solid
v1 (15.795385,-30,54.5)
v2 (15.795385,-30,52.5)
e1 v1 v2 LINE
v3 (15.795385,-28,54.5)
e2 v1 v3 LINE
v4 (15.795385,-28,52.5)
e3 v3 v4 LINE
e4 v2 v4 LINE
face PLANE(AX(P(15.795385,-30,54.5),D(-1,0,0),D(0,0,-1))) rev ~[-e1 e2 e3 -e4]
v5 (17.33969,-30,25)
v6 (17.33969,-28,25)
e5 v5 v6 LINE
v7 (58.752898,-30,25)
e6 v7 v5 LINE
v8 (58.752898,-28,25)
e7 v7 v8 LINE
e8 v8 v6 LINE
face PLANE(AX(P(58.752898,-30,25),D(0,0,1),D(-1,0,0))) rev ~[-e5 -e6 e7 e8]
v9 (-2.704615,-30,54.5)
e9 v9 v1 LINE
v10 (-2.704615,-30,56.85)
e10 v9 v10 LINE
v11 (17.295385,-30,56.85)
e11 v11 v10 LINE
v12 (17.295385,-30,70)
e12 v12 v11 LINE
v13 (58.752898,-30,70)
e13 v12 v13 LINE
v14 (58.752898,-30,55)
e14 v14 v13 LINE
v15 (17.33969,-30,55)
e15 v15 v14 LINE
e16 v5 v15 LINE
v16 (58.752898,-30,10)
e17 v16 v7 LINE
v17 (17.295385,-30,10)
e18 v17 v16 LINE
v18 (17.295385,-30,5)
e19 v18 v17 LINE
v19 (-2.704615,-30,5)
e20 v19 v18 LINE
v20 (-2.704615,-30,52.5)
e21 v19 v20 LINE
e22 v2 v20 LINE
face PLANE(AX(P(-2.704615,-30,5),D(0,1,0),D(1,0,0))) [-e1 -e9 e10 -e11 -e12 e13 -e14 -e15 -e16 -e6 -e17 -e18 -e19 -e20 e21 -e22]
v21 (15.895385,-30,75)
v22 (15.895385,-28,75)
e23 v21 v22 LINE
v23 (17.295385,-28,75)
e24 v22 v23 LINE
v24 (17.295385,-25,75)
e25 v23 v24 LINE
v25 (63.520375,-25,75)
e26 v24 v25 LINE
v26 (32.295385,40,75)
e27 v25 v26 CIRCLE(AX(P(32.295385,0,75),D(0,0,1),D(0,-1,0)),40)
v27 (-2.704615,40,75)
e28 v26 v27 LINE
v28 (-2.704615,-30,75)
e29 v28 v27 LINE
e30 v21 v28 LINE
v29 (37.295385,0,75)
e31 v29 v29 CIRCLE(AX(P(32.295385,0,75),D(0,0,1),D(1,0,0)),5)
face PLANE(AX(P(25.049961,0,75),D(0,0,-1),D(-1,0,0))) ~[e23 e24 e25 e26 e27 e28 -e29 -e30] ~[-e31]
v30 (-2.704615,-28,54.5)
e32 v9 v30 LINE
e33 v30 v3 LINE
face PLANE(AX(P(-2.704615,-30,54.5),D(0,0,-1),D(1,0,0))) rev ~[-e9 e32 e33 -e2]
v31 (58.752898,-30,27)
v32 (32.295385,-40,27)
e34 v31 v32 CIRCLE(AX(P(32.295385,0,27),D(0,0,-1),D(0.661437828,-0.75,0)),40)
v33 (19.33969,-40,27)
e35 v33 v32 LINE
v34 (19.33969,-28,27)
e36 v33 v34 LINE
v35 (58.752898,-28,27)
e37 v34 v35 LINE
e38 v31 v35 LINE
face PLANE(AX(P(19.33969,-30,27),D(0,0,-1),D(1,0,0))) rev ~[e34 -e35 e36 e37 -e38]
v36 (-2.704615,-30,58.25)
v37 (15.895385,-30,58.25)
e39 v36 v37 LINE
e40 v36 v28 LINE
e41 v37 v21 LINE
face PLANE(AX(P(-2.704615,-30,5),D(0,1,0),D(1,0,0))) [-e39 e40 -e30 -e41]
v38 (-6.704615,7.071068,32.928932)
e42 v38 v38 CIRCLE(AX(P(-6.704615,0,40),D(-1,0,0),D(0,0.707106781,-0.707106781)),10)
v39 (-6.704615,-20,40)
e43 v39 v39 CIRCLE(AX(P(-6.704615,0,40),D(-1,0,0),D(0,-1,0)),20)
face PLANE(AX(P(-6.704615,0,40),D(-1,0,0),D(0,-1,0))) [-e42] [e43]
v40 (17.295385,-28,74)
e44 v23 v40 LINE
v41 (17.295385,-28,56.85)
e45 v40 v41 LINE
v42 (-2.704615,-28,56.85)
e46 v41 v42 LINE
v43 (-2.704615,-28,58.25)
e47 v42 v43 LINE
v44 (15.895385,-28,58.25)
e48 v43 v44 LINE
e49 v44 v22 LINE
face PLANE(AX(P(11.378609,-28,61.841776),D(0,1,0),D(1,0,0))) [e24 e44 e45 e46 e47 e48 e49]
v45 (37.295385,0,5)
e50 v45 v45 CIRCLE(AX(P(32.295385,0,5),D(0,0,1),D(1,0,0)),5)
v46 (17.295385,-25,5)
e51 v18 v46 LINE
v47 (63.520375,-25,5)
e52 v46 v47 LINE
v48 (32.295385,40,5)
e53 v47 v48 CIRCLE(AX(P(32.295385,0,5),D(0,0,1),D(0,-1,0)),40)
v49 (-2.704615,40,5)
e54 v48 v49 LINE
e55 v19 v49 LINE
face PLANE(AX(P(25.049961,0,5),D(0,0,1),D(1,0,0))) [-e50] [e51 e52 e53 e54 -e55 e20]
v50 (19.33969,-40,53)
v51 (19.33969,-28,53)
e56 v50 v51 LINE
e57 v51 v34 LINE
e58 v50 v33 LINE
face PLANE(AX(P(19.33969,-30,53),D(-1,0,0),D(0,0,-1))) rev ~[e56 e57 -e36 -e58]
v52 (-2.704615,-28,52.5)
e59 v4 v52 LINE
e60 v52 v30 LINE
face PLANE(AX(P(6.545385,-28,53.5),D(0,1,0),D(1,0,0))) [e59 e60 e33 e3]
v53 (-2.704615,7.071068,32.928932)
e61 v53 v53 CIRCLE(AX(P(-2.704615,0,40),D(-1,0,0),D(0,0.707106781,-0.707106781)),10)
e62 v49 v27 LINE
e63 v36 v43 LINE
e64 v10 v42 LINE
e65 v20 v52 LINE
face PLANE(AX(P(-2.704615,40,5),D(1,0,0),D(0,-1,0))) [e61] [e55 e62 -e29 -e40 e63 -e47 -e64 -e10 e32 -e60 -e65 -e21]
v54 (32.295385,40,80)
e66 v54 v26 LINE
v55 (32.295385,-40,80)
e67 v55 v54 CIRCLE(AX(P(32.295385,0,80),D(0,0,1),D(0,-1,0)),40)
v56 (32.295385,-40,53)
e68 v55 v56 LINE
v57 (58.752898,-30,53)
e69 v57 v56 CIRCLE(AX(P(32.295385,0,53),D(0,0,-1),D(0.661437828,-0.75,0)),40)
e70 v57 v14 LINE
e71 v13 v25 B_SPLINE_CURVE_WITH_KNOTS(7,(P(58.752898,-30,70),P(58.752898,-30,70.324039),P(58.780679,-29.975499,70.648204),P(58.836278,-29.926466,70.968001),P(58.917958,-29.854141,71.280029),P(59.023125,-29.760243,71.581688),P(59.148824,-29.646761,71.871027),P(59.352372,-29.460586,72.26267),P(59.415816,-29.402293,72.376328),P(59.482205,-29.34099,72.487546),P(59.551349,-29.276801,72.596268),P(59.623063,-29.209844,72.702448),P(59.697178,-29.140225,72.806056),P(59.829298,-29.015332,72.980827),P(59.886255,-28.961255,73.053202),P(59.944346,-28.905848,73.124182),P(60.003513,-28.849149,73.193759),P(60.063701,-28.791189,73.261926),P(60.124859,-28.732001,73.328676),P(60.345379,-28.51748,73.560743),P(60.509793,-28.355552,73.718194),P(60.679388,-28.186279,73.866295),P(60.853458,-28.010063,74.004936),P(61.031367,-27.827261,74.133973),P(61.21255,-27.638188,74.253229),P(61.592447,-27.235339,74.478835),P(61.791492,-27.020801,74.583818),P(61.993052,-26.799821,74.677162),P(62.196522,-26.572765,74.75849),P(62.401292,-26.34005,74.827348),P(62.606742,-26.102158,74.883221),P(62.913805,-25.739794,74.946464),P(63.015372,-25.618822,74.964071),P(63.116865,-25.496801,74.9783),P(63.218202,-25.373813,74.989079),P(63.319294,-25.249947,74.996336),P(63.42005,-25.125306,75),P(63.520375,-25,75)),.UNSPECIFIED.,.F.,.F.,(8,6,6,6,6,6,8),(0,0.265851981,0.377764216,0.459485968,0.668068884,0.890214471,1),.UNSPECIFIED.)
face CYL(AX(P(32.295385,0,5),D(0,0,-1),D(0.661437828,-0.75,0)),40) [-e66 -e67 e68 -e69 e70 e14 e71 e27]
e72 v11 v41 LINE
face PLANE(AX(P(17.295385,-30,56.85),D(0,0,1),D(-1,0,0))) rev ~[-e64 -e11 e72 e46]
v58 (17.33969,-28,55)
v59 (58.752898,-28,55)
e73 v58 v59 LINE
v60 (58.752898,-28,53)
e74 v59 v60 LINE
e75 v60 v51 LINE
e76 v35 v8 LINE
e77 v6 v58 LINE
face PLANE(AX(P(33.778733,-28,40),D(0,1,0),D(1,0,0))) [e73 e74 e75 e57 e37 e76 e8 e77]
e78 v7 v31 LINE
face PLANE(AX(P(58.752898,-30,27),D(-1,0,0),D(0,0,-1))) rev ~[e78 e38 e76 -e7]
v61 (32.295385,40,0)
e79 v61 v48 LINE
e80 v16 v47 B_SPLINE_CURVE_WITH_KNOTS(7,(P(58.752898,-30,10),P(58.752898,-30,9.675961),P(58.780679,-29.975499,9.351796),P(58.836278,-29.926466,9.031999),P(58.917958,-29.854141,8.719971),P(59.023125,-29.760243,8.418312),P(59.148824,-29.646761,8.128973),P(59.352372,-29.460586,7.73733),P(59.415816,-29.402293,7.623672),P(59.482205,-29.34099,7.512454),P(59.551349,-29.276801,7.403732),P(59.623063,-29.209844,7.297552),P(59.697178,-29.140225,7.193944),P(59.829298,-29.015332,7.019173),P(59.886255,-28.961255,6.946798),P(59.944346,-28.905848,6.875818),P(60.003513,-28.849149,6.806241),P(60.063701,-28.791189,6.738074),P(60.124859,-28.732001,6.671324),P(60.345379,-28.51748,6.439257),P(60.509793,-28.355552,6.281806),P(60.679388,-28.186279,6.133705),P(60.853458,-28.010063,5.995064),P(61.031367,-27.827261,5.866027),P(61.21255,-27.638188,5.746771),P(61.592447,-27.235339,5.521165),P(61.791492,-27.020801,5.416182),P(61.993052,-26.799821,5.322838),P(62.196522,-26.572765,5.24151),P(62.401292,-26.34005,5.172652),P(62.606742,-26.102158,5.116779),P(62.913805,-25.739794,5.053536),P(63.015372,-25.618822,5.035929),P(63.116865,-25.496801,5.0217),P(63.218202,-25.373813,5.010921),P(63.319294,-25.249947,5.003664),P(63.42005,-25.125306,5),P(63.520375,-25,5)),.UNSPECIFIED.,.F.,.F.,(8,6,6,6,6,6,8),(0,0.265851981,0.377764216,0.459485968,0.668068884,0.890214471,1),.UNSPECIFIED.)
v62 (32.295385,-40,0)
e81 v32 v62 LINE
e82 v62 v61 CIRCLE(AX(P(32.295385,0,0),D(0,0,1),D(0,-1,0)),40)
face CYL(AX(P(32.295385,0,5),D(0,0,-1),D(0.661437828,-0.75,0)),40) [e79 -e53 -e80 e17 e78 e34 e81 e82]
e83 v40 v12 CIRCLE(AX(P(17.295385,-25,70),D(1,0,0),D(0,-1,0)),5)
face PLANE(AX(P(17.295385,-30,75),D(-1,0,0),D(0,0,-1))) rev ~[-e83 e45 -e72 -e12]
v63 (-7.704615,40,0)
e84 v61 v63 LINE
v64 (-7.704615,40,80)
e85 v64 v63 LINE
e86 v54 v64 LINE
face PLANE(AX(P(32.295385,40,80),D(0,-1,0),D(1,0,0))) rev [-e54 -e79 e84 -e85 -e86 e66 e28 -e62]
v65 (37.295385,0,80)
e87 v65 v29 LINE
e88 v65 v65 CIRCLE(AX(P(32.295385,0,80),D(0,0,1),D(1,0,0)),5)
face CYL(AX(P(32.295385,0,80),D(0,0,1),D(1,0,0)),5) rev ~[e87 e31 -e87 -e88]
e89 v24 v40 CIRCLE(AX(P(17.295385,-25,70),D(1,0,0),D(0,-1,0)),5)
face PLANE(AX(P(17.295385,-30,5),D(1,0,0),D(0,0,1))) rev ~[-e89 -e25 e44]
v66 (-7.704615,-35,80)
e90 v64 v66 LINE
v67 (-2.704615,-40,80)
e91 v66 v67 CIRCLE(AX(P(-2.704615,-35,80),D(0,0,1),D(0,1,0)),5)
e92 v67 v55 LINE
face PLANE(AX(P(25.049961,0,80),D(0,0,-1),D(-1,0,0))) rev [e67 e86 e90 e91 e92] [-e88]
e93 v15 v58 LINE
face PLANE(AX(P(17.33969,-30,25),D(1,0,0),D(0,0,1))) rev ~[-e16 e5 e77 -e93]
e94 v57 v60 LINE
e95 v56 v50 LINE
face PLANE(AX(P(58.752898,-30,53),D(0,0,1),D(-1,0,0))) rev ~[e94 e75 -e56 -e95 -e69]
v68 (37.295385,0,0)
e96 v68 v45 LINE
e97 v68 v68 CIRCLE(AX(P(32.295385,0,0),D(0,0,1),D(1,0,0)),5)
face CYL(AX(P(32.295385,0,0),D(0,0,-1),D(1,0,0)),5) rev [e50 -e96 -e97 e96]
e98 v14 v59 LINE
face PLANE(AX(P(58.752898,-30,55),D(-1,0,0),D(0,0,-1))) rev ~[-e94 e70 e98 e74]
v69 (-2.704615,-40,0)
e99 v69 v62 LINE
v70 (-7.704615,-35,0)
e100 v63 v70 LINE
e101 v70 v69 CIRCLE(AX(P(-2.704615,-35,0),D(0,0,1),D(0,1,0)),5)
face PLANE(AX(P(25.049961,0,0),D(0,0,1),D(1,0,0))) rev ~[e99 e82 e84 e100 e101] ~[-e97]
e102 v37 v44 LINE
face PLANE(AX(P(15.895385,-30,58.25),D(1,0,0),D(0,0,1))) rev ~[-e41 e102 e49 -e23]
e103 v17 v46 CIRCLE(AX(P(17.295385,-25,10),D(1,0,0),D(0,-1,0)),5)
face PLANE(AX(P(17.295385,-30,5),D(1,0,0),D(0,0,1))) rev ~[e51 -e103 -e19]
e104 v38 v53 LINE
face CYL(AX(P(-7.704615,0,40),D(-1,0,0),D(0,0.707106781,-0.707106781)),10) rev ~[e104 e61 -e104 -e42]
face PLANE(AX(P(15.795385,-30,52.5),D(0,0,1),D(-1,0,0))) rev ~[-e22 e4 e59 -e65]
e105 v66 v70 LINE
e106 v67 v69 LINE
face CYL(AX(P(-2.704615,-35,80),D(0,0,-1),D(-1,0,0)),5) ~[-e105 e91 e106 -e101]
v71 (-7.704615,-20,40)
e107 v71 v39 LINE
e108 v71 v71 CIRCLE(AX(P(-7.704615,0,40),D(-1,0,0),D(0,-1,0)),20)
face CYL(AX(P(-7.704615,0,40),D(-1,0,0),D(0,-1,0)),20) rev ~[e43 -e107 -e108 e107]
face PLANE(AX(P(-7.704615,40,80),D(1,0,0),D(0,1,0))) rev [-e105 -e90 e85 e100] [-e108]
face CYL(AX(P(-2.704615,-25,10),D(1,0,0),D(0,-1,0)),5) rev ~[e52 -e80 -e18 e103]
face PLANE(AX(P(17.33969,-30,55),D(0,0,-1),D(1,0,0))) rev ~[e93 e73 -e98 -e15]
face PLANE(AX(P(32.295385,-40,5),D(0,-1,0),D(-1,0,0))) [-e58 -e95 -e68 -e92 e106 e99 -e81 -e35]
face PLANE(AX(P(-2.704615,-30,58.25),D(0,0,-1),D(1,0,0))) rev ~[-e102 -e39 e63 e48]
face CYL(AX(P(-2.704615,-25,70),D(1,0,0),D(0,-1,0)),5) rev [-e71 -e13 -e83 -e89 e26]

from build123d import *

# Parameters (mm, degrees)
SKETCH1_R           = 4.9999999999999964
BOSS_EXTRUDE1_DEPTH = 5
BOSS_EXTRUDE2_DEPTH = 70
BOSS_EXTRUDE3_DEPTH = 70
CUT_EXTRUDE1_DEPTH  = 5
SKETCH6_R           = 20.000000000000004
CUT_EXTRUDE2_DEPTH  = 1
CUT_EXTRUDE3_DEPTH  = 19.000000000000004
BOSS_EXTRUDE4_DEPTH = 1.9999999999999896
FILLET1_R           = 5
CUT_EXTRUDE4_DEPTH  = 27.00000000000001
BOSS_EXTRUDE5_DEPTH = 2
BOSS_EXTRUDE6_DEPTH = 2


with BuildPart() as part:
    # Sketch1 → Boss-Extrude1 (new body)
    with BuildSketch(Plane.XY):
        with BuildLine():
            Line((-7.704615384615421, -40.00000000000001), (32.295384615384584, -40.00000000000001))
            ThreePointArc((32.295384615384584, -40.00000000000001), (72.29538461538459, 0), (32.29538461538458, 39.99999999999999))
            Line((32.29538461538458, 39.99999999999999), (-7.7046153846154315, 39.99999999999999))
            Line((-7.7046153846154315, 39.99999999999999), (-7.704615384615421, -40.00000000000001))
        make_face()
        with Locations((32.295384615384584, 0)):
            Circle(SKETCH1_R, mode=Mode.SUBTRACT)
    boss_extrude1 = extrude(amount=BOSS_EXTRUDE1_DEPTH)

    # Sketch2 → Boss-Extrude2 (add)
    with BuildSketch(Plane.XY.offset(5)):
        Polygon((-7.7046153846154315, 39.99999999999999), (-2.70461538461543, 39.99999999999999), (-2.7046153846154235, -40.00000000000001), (-7.704615384615421, -40.00000000000001), align=None)
    extrude(amount=BOSS_EXTRUDE2_DEPTH)

    # Mirror1: Boss-Extrude1 across plane
    add(boss_extrude1.mirror(Plane.XY.offset(40)))

    # Sketch4 → Boss-Extrude3 (add)
    with BuildSketch(Plane.XY.offset(5)):
        with BuildLine():
            Line((-2.7046153846154266, -40.00000000000001), (-2.7046153846154266, -30.000000000000007))
            Line((-2.7046153846154266, -30.000000000000007), (43.497251593214216, -30.000000000000007))
            Line((43.497251593214216, -30.000000000000007), (58.7528977260305, -30.000000000000007))
            ThreePointArc((58.7528977260305, -30.000000000000007), (46.43752023911554, -37.41657386773942), (32.295384615384584, -40.00000000000001))
            Line((32.295384615384584, -40.00000000000001), (-2.7046153846154266, -40.00000000000001))
        make_face()
    extrude(amount=BOSS_EXTRUDE3_DEPTH)

    # Sketch5 → Cut-Extrude1 (cut)
    with BuildSketch(Plane.ZY.offset(7.704615384615426)):
        with BuildLine():
            ThreePointArc((50.00000000000001, -1.388e-14), (43.82683432365097, 9.238795325112829), (32.92893218813463, 7.071067811865561))
            Line((32.92893218813452, 7.0710678118654755), (47.071067811865476, -7.071067811865483))
            ThreePointArc((47.0710678118656, -7.0710678118653725), (49.2387953251129, -3.826834323650836), (50.00000000000001, -1.633e-14))
        make_face()
        with BuildLine():
            Line((47.071067811865476, -7.071067811865483), (32.92893218813452, 7.0710678118654755))
            ThreePointArc((32.92893218813463, 7.071067811865561), (32.92893218813454, -7.071067811865502), (47.0710678118656, -7.0710678118653725))
        make_face()
    extrude(amount=-CUT_EXTRUDE1_DEPTH, mode=Mode.SUBTRACT)

    # Sketch6 → Cut-Extrude2 (cut)
    with BuildSketch(Plane.ZY.offset(7.704615384615426)):
        with Locations(Location((40.00000000000001, -1.388e-14, 0), (0, 0, 270))):
            Circle(SKETCH6_R)
    extrude(amount=-CUT_EXTRUDE2_DEPTH, mode=Mode.SUBTRACT)

    # Sketch7 → Cut-Extrude3 (cut)
    with BuildSketch(Plane(origin=(0, -30.000000000000007, 0), x_dir=(1, 0, 0), z_dir=(0, 1, 0))):
        Polygon((58.7528977260305, -53.00000000000001), (58.7528977260305, -40.00000000000001), (58.7528977260305, -27.000000000000004), (19.339689979409883, -27.000000000000007), (19.339689979409883, -53.00000000000001), align=None)
    extrude(amount=-CUT_EXTRUDE3_DEPTH, mode=Mode.SUBTRACT)

    # Sketch8 → Boss-Extrude4 (add)
    with BuildSketch(Plane(origin=(0, -30.000000000000007, 0), x_dir=(1, 0, 0), z_dir=(0, 1, 0))):
        Polygon((58.7528977260305, -53.00000000000001), (19.33968997940988, -53.00000000000001), (19.33968997940988, -27.000000000000007), (58.7528977260305, -27.000000000000004), (58.7528977260305, -25.000000000000007), (56.7528977260305, -25.000000000000007), (17.33968997940988, -25.000000000000007), (17.33968997940988, -55.00000000000001), (58.7528977260305, -55.00000000000001), align=None)
    extrude(amount=BOSS_EXTRUDE4_DEPTH)

    # Fillet1
    fillet1_edges = [part.edges().sort_by_distance(p)[0] for p in [
        (-7.704615384615421, -40.00000000000001, 40),
        (28.024141170707534, -30.000000000000007, 5),
        (28.024141170707537, -30.000000000000007, 75),
    ]]
    fillet(fillet1_edges, radius=FILLET1_R)

    # Sketch9 → Cut-Extrude4 (cut)
    with BuildSketch(Plane(origin=(0, -30.000000000000007, 0), x_dir=(1, 0, 0), z_dir=(0, 1, 0))):
        Polygon((-2.7046153846154266, -69.99999999999999), (-2.70461538461543, -5), (17.295384615384563, -5), (17.295384615384574, -75), (-2.7046153846154266, -75), align=None)
    extrude(amount=CUT_EXTRUDE4_DEPTH, mode=Mode.SUBTRACT)

    # Sketch10 → Boss-Extrude5 (add)
    with BuildSketch(Plane(origin=(0, -30.000000000000007, 0), x_dir=(1, 0, 0), z_dir=(0, 1, 0))):
        Polygon((15.795384615384572, -52.5), (13.795384615384577, -52.5), (-2.704615384615426, -52.5), (-2.7046153846154257, -54.5), (15.79538461538457, -54.5), align=None)
    extrude(amount=BOSS_EXTRUDE5_DEPTH)

    # Sketch11 → Boss-Extrude6 (add)
    with BuildSketch(Plane(origin=(0, -30.000000000000007, 0), x_dir=(1, 0, 0), z_dir=(0, 1, 0))):
        Polygon((-2.704615384615427, -56.849999999999994), (-2.7046153846154266, -58.24999999999999), (15.895384615384575, -58.24999999999999), (15.895384615384579, -75), (17.295384615384574, -75), (17.295384615384574, -69.99999999999999), (17.295384615384574, -56.849999999999994), align=None)
    extrude(amount=BOSS_EXTRUDE6_DEPTH)


solid = part.part
